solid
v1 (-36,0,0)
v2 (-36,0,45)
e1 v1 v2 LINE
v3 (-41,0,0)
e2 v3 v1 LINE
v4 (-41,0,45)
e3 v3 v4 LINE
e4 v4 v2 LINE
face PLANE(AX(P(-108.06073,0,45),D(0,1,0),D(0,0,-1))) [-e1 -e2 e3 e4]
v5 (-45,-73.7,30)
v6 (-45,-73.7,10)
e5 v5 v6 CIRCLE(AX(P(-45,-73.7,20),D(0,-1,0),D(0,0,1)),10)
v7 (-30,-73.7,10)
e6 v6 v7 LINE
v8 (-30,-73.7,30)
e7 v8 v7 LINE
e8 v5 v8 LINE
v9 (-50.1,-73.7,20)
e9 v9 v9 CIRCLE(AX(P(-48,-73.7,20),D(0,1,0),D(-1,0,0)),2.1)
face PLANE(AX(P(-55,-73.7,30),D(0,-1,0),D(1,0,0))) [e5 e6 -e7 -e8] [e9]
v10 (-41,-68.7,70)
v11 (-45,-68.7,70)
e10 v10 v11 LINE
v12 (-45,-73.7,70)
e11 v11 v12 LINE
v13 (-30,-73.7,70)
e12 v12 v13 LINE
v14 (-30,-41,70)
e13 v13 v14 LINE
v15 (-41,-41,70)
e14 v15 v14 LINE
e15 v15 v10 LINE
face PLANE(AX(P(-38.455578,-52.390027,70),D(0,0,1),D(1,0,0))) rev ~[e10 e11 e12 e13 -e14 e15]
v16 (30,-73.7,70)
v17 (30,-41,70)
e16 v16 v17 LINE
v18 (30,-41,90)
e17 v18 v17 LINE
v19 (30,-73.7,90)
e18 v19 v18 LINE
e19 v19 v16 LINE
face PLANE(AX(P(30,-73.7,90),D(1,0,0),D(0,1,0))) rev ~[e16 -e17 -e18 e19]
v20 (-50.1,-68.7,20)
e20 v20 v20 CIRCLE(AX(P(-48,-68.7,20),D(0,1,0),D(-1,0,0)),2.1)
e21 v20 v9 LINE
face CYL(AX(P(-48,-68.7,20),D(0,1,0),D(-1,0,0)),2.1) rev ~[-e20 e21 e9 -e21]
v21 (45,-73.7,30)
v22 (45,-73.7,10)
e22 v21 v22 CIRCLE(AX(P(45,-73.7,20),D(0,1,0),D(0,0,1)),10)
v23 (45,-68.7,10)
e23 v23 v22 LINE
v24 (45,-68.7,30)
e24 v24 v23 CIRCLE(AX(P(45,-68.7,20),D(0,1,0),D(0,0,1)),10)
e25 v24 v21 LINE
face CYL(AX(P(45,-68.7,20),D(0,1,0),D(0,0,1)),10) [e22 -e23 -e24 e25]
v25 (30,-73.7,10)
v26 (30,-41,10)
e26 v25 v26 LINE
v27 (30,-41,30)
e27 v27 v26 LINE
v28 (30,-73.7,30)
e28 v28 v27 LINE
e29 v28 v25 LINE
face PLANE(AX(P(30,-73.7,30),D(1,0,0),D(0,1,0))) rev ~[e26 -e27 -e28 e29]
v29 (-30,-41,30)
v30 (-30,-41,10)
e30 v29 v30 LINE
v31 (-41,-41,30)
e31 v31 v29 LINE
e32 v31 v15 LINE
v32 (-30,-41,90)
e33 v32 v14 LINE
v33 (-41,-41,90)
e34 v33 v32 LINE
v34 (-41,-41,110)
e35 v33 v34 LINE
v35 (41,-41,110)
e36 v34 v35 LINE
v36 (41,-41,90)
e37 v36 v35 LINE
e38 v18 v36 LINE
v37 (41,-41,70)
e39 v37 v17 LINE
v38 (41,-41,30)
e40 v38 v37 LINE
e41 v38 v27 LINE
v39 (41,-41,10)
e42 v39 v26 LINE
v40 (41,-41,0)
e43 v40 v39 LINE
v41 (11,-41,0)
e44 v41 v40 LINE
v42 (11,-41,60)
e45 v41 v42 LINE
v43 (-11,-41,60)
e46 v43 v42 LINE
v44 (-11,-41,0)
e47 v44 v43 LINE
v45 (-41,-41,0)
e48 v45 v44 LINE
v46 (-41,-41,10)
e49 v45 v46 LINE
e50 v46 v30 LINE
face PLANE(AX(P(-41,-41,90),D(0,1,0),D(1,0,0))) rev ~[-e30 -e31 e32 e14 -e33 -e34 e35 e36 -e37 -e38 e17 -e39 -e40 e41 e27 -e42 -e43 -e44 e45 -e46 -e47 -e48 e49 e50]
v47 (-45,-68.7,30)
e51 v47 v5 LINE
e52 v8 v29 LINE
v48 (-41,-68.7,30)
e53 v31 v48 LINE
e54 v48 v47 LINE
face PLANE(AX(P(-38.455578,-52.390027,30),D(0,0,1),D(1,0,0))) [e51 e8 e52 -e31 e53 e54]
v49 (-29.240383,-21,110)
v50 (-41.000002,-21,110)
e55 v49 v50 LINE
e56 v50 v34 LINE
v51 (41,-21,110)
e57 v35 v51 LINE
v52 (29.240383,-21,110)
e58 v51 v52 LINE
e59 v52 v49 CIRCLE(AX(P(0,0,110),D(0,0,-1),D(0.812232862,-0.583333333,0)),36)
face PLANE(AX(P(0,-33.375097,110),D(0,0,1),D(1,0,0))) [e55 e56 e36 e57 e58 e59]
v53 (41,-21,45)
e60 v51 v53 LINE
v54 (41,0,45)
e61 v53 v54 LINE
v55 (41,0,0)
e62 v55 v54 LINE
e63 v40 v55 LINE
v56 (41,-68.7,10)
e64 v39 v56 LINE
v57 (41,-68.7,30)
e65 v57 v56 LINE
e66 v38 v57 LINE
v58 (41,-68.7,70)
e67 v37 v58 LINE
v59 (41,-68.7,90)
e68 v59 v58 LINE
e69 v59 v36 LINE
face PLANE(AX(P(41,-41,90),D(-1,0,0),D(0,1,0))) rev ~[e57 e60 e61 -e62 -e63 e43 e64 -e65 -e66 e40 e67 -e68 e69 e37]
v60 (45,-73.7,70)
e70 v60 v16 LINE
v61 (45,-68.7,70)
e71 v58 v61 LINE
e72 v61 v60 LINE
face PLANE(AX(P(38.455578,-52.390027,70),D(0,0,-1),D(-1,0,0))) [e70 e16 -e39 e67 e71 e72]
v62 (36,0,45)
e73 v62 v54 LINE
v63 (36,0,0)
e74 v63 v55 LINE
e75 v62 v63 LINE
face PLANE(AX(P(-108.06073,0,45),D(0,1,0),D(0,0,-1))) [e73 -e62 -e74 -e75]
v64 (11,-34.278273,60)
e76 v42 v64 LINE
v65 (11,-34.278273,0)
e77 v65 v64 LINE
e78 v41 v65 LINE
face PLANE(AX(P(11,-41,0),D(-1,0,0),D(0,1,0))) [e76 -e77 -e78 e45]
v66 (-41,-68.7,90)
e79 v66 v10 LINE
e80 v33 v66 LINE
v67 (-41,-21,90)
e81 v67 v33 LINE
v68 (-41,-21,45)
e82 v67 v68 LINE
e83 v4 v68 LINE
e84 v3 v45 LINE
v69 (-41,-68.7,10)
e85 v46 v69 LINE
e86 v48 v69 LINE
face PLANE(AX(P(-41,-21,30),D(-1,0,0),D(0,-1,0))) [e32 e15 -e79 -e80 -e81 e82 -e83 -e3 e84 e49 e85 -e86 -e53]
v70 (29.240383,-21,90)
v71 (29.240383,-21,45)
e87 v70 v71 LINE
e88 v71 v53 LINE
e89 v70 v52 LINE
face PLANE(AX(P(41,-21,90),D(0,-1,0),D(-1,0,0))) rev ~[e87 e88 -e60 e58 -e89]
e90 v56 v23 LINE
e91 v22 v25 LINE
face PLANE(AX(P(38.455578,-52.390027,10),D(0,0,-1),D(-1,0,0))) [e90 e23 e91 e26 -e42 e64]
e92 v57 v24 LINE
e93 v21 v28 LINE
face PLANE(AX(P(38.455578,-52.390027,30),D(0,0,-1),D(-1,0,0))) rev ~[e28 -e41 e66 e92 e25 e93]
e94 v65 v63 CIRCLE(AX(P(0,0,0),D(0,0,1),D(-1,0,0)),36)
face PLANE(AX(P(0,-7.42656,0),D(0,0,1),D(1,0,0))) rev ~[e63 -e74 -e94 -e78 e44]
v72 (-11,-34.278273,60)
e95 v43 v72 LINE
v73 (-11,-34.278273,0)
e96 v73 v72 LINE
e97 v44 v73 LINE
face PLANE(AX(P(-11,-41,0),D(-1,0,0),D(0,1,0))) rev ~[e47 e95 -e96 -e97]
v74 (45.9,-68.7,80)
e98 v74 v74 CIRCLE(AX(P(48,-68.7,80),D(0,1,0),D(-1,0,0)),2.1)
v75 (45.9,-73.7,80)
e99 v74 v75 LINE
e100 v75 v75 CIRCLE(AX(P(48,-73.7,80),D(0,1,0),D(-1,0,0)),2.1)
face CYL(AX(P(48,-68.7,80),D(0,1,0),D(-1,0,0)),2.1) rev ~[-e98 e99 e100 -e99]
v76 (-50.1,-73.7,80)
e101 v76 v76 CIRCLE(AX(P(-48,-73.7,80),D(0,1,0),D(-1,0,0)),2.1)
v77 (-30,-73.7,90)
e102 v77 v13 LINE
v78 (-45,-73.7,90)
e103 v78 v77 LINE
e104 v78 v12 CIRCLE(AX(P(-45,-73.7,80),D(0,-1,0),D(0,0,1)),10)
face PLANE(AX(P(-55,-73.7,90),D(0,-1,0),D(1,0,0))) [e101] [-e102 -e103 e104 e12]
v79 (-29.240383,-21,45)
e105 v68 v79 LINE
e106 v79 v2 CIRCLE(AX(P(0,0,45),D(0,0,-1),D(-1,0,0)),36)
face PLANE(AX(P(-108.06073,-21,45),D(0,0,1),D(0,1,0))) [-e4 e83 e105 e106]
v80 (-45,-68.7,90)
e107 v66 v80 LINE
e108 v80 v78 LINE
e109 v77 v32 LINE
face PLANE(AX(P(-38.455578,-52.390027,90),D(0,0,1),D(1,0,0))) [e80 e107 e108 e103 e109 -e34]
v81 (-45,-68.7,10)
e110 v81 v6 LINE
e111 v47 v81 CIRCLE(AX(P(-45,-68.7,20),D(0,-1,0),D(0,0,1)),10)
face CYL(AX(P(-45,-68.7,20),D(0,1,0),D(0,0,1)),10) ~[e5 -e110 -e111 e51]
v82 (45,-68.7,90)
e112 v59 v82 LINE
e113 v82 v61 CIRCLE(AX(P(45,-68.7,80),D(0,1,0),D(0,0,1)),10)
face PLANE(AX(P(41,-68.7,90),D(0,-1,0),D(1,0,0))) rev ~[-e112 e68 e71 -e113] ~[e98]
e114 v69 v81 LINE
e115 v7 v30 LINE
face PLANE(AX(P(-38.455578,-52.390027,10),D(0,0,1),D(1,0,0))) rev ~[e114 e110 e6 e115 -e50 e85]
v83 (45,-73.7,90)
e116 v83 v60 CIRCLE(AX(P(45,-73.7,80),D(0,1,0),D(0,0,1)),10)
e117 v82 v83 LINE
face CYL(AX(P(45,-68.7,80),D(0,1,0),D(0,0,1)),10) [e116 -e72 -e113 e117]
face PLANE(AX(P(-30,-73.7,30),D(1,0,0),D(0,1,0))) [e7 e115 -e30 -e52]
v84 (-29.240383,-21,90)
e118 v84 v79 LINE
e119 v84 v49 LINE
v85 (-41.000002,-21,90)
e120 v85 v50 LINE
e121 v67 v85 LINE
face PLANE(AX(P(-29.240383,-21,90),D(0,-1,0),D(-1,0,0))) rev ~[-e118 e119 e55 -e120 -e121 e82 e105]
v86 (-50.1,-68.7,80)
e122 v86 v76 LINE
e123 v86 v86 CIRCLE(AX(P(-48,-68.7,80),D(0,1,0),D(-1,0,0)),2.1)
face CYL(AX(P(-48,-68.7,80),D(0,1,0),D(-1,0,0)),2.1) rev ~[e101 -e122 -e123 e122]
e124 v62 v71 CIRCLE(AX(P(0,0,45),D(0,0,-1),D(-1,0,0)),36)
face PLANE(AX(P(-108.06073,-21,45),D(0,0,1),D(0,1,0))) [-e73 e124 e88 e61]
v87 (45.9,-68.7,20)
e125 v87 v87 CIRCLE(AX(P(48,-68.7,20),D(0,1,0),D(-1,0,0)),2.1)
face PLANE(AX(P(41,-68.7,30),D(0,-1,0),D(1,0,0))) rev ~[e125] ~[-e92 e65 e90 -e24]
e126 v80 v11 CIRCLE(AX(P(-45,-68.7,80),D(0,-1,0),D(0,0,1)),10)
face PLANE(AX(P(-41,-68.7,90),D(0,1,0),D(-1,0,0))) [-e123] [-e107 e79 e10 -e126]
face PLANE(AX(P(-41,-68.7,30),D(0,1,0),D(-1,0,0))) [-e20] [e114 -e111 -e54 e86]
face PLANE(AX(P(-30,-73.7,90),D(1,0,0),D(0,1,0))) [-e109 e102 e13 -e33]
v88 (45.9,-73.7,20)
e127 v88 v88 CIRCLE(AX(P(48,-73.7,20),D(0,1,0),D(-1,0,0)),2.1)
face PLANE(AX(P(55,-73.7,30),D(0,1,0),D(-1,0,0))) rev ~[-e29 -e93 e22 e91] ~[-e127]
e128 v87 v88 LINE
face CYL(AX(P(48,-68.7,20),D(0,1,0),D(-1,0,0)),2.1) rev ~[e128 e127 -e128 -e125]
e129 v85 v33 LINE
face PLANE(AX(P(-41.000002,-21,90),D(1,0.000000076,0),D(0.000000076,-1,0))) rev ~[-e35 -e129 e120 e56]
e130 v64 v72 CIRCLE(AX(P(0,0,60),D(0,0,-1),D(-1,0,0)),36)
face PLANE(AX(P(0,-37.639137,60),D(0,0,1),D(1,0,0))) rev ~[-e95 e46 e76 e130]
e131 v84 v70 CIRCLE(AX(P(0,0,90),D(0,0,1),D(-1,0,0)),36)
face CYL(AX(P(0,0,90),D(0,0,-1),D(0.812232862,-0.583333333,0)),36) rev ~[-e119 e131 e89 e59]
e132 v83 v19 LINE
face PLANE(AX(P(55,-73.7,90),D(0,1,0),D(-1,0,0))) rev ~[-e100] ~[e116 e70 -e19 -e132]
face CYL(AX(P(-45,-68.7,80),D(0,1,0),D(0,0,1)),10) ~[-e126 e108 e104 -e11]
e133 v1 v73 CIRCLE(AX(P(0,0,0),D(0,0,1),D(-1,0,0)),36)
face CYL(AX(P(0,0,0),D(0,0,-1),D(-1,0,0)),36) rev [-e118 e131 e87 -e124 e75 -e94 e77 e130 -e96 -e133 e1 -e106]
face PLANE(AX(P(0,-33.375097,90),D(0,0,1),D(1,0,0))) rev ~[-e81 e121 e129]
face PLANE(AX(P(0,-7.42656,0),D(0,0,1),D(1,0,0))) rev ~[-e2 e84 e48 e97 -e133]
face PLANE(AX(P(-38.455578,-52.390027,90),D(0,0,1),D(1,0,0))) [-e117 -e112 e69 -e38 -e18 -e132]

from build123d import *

# Parameters (mm, degrees)
SKETCH_1_R               = 36
EXTRUDE_1_DEPTH          = 90
SKETCH_2_W               = 22
SKETCH_2_H               = 6.721726998
CUT_EXTRUDE_1_DEPTH      = 60
CUT_EXTRUDE_2_DEPTH      = 108.060730429
CUT_EXTRUDE_2_DEPTH_BACK = 108.060730429
EXTRUDE_3_DEPTH          = 20
SKETCH_5_R               = 2.1
CUT_EXTRUDE_3_DEPTH      = 126.87569265
PATTERN_LINEAR_1_COUNT   = 2
PATTERN_LINEAR_1_PITCH   = 60
EXTRUDE_4_DEPTH          = 20


with BuildPart() as part:
    # 草圖1 → 填料-伸長1 (new body)
    with BuildSketch(Plane.XY):
        with BuildLine():
            Line((-41, 0), (-41, -41))
            Line((-41, -41), (41, -41))
            Line((41, -41), (41, 0))
            ThreePointArc((41, 0), (0, 41), (-41, 0))
        make_face()
        with Locations(Location((0, 0, 0), (0, 0, 180))):
            Circle(SKETCH_1_R, mode=Mode.SUBTRACT)
    extrude(amount=EXTRUDE_1_DEPTH)

    # 草圖2 → 除料-伸長1 (cut)
    with BuildSketch(Plane.XY):
        with Locations((0, -37.639136501)):
            Rectangle(SKETCH_2_W, SKETCH_2_H)
    extrude(amount=CUT_EXTRUDE_1_DEPTH, mode=Mode.SUBTRACT)

    # 草圖3 → 除料-伸長2 (cut, two sides: drawn at the far end of the back side and taken through both)
    with BuildSketch(Plane(origin=(0, 0, 0), x_dir=(0, 0, -1), z_dir=(1, 0, 0)).offset(-CUT_EXTRUDE_2_DEPTH_BACK)):
        Polygon((0, 41), (-90, 41), (-90, -21), (-45, -21), (-45, 0), (0, 0), align=None)
    extrude(amount=CUT_EXTRUDE_2_DEPTH + CUT_EXTRUDE_2_DEPTH_BACK, mode=Mode.SUBTRACT)

    # 草圖4 → 填料-伸長3 (add)
    with BuildSketch(Plane.XY.offset(90)):
        with BuildLine():
            Line((-30, -73.7), (-30, -27.946386022))
            ThreePointArc((-30, -27.946386022), (-32.791276328, -24.611637258), (-35.213640705, -21))
            Line((-35.213640705, -21), (-41, -21))
            Line((-41, -21), (-41, -68.7))
            Line((-41, -68.7), (-55, -68.7))
            Line((-55, -68.7), (-55, -73.7))
            Line((-55, -73.7), (-30, -73.7))
        make_face()
        with BuildLine():
            Line((30, -73.7), (30, -27.946386022))
            ThreePointArc((30, -27.946386022), (32.791276328, -24.611637258), (35.213640705, -21))
            Line((35.213640705, -21), (41, -21))
            Line((41, -21), (41, -68.7))
            Line((41, -68.7), (55, -68.7))
            Line((55, -68.7), (55, -73.7))
            Line((55, -73.7), (30, -73.7))
        make_face()
    extrude_3 = extrude(amount=-EXTRUDE_3_DEPTH)

    # 草圖5 → 除料-伸長3 (cut, through all)
    with BuildSketch(Plane(origin=(0, -68.7, 0), x_dir=(1, 0, 0), z_dir=(0, 1, 0))):
        with Locations(Location((-48, -80, 0), (0, 0, 180))):
            Circle(SKETCH_5_R)
        with Locations(Location((48, -80, 0), (0, 0, 180))):
            Circle(SKETCH_5_R)
        with BuildLine():
            Line((45, -70), (45, -66.851466146))
            Line((45, -66.851466146), (57.675759509, -66.851466146))
            Line((57.675759509, -66.851466146), (57.675759509, -92.046945096))
            Line((57.675759509, -92.046945096), (45, -92.046945096))
            Line((45, -92.046945096), (45, -90))
            ThreePointArc((45, -90), (55, -80), (45, -70))
        make_face()
        with BuildLine():
            Line((-57.675759509, -92.046945096), (-45, -92.046945096))
            Line((-45, -92.046945096), (-45, -90))
            ThreePointArc((-45, -90), (-55, -80), (-45, -70))
            Line((-45, -70), (-45, -66.851466146))
            Line((-45, -66.851466146), (-57.675759509, -66.851466146))
            Line((-57.675759509, -66.851466146), (-57.675759509, -92.046945096))
        make_face()
    cut_extrude_3 = extrude(amount=-CUT_EXTRUDE_3_DEPTH, mode=Mode.SUBTRACT)

    # 直線複製排列1: 填料-伸長3, 除料-伸長3 ×2
    with Locations(*[(0, 0, -i * PATTERN_LINEAR_1_PITCH) for i in range(1, PATTERN_LINEAR_1_COUNT)]):
        add(extrude_3)
        add(cut_extrude_3, mode=Mode.SUBTRACT)

    # 草圖6 → 填料-伸長4 (add)
    with BuildSketch(Plane.XY.offset(90)):
        with BuildLine():
            Line((-29.240383034, -21), (-41.000001526, -21))
            Line((-41.000001526, -21), (-41, -41))
            Line((-41, -41), (41, -41))
            Line((41, -41), (41, -21))
            Line((41, -21), (29.240383034, -21))
            ThreePointArc((29.240383034, -21), (0, -36), (-29.240383034, -21))
        make_face()
    extrude(amount=EXTRUDE_4_DEPTH)


solid = part.part
